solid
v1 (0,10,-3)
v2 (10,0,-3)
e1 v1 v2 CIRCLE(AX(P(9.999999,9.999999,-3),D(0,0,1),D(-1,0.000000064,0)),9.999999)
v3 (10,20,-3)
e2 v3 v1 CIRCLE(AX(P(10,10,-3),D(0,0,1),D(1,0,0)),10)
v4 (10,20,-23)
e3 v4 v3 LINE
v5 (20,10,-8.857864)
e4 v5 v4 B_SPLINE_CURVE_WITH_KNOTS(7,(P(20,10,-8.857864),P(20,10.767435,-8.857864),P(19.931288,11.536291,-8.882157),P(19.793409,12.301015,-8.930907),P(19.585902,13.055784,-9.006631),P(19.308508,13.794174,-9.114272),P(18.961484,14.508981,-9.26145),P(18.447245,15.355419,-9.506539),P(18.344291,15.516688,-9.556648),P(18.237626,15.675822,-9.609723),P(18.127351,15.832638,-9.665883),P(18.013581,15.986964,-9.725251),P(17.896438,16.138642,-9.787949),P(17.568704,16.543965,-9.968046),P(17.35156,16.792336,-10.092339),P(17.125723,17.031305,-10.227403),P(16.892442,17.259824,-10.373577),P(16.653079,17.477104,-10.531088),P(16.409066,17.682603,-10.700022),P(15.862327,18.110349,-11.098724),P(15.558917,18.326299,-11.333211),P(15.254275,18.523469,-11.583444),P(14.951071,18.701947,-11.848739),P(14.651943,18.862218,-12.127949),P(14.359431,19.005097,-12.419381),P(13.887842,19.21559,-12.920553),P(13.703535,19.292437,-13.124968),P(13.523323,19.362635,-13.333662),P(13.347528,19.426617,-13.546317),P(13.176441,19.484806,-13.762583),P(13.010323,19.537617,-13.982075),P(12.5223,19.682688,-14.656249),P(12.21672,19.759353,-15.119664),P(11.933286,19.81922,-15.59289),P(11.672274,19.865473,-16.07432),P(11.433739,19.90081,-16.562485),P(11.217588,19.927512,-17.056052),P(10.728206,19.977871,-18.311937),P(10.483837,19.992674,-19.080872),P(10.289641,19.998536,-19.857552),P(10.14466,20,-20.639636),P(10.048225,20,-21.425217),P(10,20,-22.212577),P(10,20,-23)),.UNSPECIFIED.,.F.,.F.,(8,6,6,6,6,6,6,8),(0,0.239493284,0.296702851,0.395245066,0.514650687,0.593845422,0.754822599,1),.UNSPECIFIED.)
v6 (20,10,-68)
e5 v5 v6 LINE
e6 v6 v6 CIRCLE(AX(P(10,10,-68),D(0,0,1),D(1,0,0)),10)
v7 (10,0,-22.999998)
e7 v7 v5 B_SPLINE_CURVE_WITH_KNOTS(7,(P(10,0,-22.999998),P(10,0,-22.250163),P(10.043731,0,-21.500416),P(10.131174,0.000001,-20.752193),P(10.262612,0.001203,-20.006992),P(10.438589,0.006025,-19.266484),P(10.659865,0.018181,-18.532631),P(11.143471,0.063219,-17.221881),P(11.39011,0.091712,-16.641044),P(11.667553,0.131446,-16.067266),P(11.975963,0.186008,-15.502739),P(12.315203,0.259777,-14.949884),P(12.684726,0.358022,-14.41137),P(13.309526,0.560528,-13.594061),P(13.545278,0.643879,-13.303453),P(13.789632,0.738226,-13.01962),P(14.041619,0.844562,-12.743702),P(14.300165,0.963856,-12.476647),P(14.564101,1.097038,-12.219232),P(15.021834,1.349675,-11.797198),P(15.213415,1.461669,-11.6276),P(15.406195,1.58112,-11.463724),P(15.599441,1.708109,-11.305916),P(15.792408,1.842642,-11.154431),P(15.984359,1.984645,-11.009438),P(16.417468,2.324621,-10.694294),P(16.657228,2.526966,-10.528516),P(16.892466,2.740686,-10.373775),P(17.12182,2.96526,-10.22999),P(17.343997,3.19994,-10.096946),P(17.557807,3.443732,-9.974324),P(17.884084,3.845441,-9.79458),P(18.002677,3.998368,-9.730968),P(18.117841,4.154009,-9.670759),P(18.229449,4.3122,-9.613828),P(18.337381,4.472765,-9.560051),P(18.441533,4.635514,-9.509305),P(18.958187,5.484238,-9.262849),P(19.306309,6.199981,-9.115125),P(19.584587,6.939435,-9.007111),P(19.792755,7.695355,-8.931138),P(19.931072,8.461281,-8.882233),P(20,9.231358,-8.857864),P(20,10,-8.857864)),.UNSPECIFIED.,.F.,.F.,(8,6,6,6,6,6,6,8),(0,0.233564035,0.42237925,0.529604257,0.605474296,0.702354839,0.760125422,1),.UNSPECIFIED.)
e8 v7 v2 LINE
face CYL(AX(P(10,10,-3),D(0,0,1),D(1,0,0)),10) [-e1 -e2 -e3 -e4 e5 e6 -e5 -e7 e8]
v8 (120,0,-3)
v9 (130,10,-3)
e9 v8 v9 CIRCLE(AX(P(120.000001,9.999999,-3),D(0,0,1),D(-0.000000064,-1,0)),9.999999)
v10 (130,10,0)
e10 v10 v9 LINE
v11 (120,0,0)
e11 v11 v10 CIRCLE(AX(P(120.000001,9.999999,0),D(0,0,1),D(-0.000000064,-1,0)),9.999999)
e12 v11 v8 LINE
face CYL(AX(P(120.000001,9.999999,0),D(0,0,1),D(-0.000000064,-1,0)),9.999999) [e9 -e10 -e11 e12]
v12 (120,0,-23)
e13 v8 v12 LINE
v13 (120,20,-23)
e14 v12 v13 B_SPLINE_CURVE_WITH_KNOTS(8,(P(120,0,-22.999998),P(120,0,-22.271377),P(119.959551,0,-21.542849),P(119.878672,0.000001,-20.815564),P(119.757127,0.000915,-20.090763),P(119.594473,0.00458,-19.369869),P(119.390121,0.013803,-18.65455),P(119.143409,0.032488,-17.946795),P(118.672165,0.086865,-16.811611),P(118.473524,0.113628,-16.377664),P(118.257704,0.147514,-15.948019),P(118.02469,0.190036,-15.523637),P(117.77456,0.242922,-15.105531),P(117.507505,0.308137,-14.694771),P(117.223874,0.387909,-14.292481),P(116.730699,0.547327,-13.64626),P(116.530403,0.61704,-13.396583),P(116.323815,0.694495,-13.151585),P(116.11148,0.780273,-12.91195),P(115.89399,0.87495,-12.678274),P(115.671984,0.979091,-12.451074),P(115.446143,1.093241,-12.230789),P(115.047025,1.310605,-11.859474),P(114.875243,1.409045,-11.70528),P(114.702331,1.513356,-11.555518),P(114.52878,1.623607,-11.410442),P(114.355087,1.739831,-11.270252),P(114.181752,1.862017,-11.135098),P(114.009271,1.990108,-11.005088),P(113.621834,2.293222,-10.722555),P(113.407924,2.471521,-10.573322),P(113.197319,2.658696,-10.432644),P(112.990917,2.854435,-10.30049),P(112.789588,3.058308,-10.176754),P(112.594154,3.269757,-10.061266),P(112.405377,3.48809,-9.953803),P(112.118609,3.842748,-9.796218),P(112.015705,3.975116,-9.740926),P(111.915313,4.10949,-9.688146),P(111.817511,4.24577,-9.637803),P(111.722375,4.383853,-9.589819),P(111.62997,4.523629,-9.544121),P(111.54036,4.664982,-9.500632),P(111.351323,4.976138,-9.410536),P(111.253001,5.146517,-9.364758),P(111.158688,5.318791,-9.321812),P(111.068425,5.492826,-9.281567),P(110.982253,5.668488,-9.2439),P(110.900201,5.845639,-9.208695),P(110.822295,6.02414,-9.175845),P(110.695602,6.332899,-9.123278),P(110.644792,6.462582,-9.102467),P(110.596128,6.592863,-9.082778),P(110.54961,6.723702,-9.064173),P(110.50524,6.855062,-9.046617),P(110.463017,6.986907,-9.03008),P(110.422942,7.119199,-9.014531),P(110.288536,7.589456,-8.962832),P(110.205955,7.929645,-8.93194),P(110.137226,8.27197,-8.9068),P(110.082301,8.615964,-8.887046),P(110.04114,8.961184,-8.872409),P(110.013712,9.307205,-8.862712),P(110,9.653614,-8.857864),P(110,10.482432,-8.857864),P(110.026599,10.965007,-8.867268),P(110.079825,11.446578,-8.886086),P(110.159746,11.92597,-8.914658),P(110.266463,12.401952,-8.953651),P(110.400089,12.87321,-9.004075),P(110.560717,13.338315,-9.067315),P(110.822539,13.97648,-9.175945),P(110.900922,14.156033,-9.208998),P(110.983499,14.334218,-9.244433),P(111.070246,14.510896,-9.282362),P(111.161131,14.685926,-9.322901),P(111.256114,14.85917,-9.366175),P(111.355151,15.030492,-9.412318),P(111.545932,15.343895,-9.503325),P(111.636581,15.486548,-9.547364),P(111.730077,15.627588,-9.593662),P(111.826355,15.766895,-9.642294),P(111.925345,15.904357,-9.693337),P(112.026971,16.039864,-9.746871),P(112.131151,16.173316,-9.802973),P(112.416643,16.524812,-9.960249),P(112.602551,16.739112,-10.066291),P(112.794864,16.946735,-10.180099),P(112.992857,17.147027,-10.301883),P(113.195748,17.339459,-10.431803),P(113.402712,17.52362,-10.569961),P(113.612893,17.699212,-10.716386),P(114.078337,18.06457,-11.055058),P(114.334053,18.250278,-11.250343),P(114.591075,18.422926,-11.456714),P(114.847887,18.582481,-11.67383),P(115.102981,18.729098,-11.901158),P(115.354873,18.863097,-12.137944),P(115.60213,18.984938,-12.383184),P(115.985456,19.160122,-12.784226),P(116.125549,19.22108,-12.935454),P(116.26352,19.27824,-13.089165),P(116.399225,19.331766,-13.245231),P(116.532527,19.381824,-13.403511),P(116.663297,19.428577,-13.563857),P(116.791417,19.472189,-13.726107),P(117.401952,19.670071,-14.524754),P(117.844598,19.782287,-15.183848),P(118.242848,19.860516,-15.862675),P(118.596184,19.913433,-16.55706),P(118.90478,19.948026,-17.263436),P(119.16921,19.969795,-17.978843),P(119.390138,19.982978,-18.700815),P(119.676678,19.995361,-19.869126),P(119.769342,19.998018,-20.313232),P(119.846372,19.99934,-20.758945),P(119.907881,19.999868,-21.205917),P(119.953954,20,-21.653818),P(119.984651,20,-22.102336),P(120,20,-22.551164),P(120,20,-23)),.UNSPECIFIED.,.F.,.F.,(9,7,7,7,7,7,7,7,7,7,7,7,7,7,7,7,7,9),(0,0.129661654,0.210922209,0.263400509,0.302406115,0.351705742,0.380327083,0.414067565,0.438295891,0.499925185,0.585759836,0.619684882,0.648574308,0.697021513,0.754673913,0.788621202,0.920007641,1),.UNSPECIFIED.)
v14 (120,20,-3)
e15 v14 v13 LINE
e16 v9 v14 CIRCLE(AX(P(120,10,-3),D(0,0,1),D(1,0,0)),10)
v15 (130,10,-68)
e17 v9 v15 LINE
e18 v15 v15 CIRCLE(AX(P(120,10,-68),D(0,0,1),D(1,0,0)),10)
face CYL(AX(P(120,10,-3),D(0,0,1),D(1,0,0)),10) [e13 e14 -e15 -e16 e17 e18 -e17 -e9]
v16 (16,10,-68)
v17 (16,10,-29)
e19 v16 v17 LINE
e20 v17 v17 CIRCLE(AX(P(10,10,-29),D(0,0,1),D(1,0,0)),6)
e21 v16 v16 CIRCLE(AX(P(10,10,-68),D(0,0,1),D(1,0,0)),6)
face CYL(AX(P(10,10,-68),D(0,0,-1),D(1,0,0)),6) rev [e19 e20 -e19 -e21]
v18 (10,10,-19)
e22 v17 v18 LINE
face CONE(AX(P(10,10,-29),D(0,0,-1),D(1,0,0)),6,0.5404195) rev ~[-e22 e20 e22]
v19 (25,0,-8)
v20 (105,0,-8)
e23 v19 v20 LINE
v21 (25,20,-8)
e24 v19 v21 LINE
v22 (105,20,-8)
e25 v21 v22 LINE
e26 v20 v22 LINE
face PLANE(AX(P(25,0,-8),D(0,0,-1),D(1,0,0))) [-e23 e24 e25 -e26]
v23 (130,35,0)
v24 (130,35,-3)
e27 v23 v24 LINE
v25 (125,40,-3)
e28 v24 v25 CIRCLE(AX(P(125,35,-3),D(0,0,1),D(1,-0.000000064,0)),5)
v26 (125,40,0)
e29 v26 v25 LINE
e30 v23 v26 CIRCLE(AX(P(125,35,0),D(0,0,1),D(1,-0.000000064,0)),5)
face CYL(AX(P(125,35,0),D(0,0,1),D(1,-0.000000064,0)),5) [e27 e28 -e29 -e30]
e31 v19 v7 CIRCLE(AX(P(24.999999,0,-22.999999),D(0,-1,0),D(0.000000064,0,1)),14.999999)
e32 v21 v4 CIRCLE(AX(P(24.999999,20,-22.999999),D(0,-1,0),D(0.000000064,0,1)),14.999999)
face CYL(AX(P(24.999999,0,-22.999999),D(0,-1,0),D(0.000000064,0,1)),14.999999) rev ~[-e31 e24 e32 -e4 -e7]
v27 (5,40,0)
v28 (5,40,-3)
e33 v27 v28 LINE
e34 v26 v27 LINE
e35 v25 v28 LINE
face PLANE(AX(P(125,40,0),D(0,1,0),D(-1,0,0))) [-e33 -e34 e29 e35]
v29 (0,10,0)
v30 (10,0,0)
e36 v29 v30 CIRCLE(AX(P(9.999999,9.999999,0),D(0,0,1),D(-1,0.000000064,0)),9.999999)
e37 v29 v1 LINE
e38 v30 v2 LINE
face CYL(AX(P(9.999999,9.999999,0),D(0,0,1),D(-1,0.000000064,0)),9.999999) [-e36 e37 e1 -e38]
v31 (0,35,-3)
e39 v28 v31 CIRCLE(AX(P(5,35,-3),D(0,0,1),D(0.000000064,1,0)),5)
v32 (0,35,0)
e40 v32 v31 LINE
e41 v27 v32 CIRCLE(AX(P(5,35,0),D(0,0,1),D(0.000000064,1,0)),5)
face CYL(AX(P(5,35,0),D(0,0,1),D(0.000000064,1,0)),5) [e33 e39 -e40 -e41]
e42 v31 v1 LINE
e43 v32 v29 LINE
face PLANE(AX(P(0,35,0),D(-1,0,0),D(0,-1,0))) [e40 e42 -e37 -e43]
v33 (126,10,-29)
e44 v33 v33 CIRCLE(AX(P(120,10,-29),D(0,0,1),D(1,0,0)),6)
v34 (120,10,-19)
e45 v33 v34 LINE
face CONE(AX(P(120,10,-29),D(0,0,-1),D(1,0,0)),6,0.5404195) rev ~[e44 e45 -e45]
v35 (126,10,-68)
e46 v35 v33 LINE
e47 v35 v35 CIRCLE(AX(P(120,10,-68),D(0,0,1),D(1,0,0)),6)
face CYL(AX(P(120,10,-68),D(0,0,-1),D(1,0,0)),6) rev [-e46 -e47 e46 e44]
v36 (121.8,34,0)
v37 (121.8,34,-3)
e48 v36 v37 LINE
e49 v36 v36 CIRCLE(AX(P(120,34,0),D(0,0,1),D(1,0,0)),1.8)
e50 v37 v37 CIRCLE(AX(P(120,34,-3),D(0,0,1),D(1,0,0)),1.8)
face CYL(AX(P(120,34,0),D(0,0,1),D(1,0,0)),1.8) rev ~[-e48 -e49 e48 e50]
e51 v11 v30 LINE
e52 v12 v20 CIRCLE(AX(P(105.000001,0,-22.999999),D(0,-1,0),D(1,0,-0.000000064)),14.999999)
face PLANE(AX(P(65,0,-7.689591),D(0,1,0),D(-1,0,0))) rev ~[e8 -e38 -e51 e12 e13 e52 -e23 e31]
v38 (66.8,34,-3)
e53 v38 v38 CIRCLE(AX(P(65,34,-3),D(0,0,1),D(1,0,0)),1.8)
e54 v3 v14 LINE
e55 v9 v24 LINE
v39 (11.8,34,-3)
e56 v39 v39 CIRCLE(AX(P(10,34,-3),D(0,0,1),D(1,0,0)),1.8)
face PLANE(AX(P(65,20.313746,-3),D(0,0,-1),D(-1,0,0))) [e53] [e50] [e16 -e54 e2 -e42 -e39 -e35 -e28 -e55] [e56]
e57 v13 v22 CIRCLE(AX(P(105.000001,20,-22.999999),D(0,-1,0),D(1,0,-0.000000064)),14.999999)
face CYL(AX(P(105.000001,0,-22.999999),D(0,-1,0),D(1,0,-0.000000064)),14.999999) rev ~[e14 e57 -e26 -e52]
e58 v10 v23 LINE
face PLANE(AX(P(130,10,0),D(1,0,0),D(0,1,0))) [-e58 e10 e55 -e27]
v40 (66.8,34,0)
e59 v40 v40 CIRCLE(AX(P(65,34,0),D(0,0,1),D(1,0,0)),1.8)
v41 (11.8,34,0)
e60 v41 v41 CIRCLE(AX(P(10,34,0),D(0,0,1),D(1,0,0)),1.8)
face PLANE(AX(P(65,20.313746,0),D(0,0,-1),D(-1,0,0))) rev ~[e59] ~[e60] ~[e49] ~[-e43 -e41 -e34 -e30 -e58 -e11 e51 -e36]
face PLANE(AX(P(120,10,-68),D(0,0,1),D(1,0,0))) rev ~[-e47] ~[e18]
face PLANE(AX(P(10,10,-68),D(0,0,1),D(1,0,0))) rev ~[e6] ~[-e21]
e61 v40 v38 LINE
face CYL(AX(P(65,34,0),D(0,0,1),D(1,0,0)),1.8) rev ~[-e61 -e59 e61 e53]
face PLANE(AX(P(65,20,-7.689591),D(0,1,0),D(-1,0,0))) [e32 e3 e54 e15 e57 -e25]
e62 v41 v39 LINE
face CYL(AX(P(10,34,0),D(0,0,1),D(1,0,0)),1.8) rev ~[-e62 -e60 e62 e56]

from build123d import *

# Parameters (mm, degrees)
SKETCH002_R  = 1.8
PAD002_DEPTH = 3
SKETCH003_R  = 10
PAD003_DEPTH = 65
PAD004_DEPTH = 20
SKETCH008_R  = 6
POCKET_DEPTH = 39


with BuildPart() as part:
    # Sketch002 → Pad002 (new body)
    with BuildSketch(Plane.XY):
        with BuildLine():
            Line((120, 0), (10, 0))
            ThreePointArc((0, 10), (2.928932, 2.928932), (10, 0))
            Line((0, 35), (0, 10))
            ThreePointArc((5, 40), (1.464466, 38.535534), (0, 35))
            Line((125, 40), (5, 40))
            ThreePointArc((130, 35), (128.535534, 38.535534), (125, 40))
            Line((130, 10), (130, 35))
            ThreePointArc((120, 0), (127.071068, 2.928932), (130, 10))
        make_face()
        with Locations((120, 34)):
            Circle(SKETCH002_R, mode=Mode.SUBTRACT)
        with Locations((10, 34)):
            Circle(SKETCH002_R, mode=Mode.SUBTRACT)
        with Locations((65, 34)):
            Circle(SKETCH002_R, mode=Mode.SUBTRACT)
    extrude(amount=-PAD002_DEPTH)

    # Sketch003 → Pad003 (join)
    with BuildSketch(Plane.XY.offset(-3)):
        with Locations((10, 10)):
            Circle(SKETCH003_R)
        with Locations((120, 10)):
            Circle(SKETCH003_R)
    extrude(amount=-PAD003_DEPTH)

    # Sketch004 → Pad004 (join)
    with BuildSketch(Plane.XZ):
        with BuildLine():
            Line((10, -3), (120, -3))
            Line((120, -3), (120, -23))
            ThreePointArc((120, -23), (115.606602, -12.393398), (105, -8))
            Line((25, -8), (105, -8))
            ThreePointArc((25, -8), (14.393398, -12.393398), (10, -23))
            Line((10, -23), (10, -3))
        make_face()
    extrude(amount=-PAD004_DEPTH)

    # Sketch008 → Pocket (cut)
    with BuildSketch(Plane.XY.offset(-68)):
        with Locations((10, 10)):
            Circle(SKETCH008_R)
        with Locations((120, 10)):
            Circle(SKETCH008_R)
    extrude(amount=POCKET_DEPTH, mode=Mode.SUBTRACT)

    # Cone001 → Cone001 (revolve, cut)
    with BuildSketch(Plane(origin=(10, 10, -29), x_dir=(1, 0, 0), z_dir=(0, -1, 0))):
        Polygon((0, 0), (6, 0), (0, 10), align=None)
    revolve(axis=Axis((10, 10, -29), (0, 0, 1)), mode=Mode.SUBTRACT)

    # Cone002 → Cone002 (revolve, cut)
    with BuildSketch(Plane(origin=(120, 10, -29), x_dir=(1, 0, 0), z_dir=(0, -1, 0))):
        Polygon((0, 0), (6, 0), (0, 10), align=None)
    revolve(axis=Axis((120, 10, -29), (0, 0, 1)), mode=Mode.SUBTRACT)


solid = part.part
